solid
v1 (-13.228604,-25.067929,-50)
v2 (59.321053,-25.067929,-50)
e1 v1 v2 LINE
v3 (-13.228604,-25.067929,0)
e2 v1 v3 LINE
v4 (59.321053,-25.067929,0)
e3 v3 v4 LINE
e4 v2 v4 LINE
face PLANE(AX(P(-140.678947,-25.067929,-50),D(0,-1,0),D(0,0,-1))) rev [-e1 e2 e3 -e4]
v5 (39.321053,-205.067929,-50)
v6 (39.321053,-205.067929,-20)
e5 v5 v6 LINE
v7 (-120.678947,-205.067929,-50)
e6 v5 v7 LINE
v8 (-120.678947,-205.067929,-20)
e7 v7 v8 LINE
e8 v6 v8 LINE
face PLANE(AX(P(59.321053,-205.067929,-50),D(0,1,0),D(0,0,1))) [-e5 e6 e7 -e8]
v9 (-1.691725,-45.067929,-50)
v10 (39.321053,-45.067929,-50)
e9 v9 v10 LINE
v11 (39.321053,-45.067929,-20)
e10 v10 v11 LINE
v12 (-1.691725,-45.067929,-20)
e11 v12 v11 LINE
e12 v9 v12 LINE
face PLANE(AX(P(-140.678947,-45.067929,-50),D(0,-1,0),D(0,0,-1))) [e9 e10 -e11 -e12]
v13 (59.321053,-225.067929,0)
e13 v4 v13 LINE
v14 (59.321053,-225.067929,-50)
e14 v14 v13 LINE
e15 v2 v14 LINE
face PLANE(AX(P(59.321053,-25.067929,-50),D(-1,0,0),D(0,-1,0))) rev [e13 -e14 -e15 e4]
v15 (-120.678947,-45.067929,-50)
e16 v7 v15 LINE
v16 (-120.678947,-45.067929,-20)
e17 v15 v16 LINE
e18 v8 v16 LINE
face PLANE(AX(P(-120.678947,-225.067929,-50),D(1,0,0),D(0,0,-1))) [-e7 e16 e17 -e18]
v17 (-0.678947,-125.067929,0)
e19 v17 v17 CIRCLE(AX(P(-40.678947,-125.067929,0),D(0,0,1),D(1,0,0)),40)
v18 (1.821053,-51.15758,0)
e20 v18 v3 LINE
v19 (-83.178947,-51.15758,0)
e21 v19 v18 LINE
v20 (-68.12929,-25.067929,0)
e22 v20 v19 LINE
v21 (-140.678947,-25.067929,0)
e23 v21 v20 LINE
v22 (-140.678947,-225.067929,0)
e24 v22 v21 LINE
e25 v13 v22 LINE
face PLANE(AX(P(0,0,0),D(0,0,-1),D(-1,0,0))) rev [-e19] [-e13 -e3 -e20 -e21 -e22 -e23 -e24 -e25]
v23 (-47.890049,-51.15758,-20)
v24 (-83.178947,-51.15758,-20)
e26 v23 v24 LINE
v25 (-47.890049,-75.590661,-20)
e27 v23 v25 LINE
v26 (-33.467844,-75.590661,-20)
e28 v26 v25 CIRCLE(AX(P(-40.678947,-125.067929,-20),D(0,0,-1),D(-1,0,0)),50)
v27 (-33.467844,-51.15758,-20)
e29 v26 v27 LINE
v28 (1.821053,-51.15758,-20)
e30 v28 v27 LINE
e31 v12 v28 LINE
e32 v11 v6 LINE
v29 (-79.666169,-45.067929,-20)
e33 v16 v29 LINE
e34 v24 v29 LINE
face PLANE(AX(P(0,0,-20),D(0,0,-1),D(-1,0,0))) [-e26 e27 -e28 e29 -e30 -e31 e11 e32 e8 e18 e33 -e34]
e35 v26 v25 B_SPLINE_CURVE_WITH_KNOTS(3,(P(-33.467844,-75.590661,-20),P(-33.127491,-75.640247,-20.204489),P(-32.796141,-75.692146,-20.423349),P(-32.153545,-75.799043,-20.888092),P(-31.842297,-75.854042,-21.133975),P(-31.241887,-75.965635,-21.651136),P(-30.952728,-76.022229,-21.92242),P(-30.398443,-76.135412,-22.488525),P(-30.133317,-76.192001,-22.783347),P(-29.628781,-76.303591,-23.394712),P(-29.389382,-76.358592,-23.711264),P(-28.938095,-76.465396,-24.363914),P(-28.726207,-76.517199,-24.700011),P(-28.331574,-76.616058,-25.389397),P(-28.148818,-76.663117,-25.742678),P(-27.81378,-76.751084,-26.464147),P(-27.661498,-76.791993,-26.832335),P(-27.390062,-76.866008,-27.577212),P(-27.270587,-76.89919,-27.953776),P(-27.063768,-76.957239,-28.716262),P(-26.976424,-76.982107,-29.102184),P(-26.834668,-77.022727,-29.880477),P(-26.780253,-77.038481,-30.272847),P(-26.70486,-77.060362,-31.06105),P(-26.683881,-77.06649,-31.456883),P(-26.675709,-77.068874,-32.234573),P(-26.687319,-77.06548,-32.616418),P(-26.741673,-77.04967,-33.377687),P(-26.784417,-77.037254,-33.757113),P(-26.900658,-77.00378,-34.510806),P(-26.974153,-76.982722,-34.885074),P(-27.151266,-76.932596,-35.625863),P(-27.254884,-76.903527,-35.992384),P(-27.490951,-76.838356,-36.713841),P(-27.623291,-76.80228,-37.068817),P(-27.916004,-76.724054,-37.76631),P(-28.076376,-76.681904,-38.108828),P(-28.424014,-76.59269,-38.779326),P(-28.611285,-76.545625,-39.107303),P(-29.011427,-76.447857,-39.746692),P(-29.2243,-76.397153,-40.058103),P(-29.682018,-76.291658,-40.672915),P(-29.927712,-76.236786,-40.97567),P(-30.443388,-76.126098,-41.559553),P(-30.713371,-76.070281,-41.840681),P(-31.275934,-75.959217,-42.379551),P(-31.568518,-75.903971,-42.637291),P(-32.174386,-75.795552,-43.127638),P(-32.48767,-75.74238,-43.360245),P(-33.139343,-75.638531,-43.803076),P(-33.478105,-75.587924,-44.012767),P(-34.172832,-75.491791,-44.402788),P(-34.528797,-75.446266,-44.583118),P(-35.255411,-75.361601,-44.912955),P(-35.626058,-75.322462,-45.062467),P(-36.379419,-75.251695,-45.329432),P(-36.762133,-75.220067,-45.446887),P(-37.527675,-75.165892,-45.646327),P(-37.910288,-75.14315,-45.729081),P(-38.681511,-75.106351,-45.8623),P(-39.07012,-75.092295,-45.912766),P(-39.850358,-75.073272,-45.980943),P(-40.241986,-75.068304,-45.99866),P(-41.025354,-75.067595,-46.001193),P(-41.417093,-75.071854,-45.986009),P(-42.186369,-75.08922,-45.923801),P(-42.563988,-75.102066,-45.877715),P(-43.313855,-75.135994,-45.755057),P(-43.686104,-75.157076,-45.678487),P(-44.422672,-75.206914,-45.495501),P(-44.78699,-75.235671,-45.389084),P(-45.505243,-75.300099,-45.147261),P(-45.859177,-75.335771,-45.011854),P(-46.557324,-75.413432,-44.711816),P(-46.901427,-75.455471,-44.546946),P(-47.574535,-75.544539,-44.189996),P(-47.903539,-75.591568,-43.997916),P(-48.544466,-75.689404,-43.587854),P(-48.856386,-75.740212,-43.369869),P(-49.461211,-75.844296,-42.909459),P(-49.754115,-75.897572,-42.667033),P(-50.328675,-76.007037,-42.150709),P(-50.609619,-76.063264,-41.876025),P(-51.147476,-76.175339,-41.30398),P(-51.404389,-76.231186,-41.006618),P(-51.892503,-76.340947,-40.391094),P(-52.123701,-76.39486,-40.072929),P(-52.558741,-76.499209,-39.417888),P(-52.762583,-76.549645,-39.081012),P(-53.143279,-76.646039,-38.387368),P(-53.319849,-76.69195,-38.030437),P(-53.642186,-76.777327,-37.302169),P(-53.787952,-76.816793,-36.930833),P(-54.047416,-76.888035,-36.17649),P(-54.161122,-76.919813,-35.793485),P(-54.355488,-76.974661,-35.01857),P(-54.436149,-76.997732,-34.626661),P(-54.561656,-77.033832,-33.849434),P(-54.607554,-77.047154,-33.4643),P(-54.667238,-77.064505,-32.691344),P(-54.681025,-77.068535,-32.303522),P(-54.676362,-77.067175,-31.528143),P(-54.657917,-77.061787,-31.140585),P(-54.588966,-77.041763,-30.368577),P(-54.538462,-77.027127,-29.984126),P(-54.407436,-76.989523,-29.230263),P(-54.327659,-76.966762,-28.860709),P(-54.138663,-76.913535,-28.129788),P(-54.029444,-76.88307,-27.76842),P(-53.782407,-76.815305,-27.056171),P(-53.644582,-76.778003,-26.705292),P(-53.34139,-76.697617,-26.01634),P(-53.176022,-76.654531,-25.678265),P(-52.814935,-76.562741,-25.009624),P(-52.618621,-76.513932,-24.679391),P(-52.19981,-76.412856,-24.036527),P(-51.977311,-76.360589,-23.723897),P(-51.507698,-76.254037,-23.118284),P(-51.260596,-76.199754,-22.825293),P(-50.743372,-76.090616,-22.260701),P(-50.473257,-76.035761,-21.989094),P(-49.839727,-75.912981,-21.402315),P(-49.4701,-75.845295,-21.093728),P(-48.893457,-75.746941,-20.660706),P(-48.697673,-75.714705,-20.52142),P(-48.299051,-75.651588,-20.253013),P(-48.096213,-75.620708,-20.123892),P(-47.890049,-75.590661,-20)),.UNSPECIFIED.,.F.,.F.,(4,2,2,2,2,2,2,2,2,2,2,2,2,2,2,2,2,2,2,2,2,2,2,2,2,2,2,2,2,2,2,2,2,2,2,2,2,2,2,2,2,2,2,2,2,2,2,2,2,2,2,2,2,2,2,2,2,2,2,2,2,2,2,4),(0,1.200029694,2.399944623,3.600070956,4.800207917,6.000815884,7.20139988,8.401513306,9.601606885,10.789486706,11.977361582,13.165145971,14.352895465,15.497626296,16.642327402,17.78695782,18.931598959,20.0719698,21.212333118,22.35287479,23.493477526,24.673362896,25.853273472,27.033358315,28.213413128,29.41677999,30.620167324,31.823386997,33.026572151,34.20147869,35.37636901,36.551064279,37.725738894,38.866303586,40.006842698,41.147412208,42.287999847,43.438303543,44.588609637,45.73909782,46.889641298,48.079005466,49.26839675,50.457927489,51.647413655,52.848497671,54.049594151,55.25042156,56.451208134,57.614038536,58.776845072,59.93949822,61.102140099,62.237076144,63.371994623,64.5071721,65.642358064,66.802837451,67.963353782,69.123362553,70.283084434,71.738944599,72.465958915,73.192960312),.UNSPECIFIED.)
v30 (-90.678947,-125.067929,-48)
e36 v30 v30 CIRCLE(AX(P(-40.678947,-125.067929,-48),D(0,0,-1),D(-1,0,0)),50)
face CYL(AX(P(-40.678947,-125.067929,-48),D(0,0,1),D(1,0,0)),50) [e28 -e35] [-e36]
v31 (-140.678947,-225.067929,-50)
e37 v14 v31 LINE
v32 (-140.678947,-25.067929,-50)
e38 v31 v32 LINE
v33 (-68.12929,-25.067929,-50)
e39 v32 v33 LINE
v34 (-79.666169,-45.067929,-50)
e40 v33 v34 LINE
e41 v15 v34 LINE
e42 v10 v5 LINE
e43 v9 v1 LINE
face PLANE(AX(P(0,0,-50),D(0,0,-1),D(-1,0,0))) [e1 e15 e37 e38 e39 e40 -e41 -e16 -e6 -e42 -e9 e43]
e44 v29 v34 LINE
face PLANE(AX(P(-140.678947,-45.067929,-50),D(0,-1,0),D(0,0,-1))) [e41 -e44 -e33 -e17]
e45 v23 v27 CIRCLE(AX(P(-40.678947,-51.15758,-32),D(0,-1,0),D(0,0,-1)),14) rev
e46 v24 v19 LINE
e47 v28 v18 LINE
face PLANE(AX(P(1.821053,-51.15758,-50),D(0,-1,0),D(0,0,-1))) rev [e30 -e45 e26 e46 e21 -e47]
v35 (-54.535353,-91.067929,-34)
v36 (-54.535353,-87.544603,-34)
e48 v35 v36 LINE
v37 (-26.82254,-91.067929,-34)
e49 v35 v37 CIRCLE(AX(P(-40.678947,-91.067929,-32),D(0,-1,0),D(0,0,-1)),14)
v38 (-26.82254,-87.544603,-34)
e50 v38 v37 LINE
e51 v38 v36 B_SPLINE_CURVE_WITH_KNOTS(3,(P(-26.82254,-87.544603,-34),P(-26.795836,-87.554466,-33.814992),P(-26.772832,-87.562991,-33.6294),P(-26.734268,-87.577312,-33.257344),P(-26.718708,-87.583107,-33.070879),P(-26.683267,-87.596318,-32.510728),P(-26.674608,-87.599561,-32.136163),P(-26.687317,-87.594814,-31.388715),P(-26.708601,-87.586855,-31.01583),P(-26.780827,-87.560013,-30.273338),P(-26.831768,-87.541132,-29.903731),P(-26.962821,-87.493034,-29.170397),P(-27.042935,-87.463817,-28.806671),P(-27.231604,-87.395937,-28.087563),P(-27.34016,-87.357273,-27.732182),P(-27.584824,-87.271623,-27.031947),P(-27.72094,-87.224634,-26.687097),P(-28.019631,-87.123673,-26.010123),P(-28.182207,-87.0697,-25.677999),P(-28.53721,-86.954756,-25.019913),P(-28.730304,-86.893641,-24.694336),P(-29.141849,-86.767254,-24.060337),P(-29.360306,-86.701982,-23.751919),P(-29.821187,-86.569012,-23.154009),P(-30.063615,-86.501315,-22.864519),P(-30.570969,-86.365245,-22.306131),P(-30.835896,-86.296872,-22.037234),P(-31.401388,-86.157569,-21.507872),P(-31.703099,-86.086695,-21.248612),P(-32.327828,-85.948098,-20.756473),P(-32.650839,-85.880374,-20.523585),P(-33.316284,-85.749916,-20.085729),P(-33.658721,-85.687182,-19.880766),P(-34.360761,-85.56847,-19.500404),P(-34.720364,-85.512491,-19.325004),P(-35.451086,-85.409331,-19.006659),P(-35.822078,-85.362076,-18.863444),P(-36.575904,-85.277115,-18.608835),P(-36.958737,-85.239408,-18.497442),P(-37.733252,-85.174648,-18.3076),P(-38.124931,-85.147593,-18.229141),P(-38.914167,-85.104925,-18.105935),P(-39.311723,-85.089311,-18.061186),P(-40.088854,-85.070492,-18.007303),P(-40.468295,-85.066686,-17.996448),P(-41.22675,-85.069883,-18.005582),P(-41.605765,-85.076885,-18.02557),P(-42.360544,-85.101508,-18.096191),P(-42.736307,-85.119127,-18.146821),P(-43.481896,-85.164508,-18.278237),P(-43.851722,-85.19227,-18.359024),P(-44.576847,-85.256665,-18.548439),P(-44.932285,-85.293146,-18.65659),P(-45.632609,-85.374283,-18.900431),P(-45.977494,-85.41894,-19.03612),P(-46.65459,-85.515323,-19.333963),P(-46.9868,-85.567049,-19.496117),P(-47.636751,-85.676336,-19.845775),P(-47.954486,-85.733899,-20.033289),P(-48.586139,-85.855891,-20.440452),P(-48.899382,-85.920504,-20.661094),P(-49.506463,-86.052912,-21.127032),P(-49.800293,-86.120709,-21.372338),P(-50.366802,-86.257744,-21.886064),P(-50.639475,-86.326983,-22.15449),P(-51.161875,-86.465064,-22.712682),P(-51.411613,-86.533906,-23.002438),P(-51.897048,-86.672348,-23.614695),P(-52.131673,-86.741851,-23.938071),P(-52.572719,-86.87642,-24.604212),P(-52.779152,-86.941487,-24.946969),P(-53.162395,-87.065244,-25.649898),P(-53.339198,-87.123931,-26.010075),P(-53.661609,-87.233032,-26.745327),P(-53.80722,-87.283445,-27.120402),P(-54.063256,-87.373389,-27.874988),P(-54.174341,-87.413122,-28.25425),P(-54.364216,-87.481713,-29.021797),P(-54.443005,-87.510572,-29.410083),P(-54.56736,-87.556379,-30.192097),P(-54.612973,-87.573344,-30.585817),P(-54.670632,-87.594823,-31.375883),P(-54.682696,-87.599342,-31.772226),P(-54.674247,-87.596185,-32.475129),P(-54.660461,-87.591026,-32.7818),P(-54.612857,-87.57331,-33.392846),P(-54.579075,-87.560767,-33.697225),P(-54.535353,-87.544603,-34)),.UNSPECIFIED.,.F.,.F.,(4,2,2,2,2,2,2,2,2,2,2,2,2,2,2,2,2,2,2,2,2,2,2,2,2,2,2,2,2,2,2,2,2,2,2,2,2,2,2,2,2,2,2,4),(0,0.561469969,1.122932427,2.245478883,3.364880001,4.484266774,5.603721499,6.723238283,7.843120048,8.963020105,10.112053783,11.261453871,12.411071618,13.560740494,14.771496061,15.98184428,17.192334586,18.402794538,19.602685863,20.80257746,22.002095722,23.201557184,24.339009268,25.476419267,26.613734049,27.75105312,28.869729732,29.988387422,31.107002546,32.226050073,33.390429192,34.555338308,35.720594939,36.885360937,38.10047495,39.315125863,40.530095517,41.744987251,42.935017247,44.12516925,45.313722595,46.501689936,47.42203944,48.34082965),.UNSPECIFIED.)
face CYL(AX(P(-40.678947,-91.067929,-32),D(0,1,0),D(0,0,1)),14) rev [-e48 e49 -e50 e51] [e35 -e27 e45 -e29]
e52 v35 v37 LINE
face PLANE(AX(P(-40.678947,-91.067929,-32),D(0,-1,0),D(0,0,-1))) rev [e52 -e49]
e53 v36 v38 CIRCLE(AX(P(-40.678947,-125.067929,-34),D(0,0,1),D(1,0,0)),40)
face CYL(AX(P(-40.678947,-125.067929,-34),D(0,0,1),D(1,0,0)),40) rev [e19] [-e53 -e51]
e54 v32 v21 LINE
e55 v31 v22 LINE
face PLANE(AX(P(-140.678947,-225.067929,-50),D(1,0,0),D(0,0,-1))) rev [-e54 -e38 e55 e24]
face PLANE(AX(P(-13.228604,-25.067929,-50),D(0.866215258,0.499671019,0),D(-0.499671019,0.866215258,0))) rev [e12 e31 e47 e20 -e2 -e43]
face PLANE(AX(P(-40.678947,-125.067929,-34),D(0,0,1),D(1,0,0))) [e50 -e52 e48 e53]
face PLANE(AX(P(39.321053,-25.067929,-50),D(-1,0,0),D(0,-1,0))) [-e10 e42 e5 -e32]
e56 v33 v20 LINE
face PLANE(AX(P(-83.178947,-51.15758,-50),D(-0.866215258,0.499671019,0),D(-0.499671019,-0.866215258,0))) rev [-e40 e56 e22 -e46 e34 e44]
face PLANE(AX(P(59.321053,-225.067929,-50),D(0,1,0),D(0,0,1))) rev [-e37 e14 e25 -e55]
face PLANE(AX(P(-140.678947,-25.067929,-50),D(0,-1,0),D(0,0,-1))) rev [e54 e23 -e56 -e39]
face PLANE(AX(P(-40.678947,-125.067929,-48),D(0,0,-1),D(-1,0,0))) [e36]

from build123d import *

# Parameters (mm, degrees)
SKETCH2_W           = 200
SKETCH2_H           = 200
BOSS_EXTRUDE1_DEPTH = 50
SHELL1_T            = -20
CUT_EXTRUDE1_DEPTH  = 50
SKETCH5_R           = 50
BOSS_EXTRUDE2_DEPTH = 28
SKETCH6_R           = 40
CUT_EXTRUDE2_DEPTH  = 34
SKETCH7_R           = 14
CUT_EXTRUDE4_DEPTH  = 46


with BuildPart() as part:
    # Sketch2 → Boss-Extrude1 (new body)
    with BuildSketch(Plane.XY):
        with Locations((-40.678946788, -125.067928938)):
            Rectangle(SKETCH2_W, SKETCH2_H)
    extrude(amount=-BOSS_EXTRUDE1_DEPTH)

    # Shell1
    shell1_openings = [part.faces().sort_by_distance(p)[0] for p in [
        (-40.678946788, -125.067928938, -50),
    ]]
    offset(amount=SHELL1_T, openings=shell1_openings, kind=Kind.INTERSECTION)

    # Sketch3 → Cut-Extrude1 (cut)
    with BuildSketch(Plane.XY):
        Polygon((-13.228603608, -25.067928938), (1.821053212, -51.157579637), (-83.178946788, -51.157579637), (-68.129289968, -25.067928938), align=None)
    extrude(amount=-CUT_EXTRUDE1_DEPTH, mode=Mode.SUBTRACT)

    # Sketch5 → Boss-Extrude2 (add)
    with BuildSketch(Plane(origin=(0, 0, -20), x_dir=(-1, 0, 0), z_dir=(0, 0, -1))):
        with Locations((40.678946788, -125.067928938)):
            Circle(SKETCH5_R)
    extrude(amount=BOSS_EXTRUDE2_DEPTH)

    # Sketch6 → Cut-Extrude2 (cut)
    with BuildSketch(Plane.XY):
        with Locations((-40.678946788, -125.067928938)):
            Circle(SKETCH6_R)
    extrude(amount=-CUT_EXTRUDE2_DEPTH, mode=Mode.SUBTRACT)

    # Sketch7 → Cut-Extrude4 (cut)
    with BuildSketch(Plane(origin=(0, -45.067928938, 0), x_dir=(-1, 0, 0), z_dir=(0, -1, 0))):
        with Locations(Location((40.678946788, 32, 0), (0, 0, 301.002719134))):
            Circle(SKETCH7_R)
    extrude(amount=CUT_EXTRUDE4_DEPTH, mode=Mode.SUBTRACT)


solid = part.part
